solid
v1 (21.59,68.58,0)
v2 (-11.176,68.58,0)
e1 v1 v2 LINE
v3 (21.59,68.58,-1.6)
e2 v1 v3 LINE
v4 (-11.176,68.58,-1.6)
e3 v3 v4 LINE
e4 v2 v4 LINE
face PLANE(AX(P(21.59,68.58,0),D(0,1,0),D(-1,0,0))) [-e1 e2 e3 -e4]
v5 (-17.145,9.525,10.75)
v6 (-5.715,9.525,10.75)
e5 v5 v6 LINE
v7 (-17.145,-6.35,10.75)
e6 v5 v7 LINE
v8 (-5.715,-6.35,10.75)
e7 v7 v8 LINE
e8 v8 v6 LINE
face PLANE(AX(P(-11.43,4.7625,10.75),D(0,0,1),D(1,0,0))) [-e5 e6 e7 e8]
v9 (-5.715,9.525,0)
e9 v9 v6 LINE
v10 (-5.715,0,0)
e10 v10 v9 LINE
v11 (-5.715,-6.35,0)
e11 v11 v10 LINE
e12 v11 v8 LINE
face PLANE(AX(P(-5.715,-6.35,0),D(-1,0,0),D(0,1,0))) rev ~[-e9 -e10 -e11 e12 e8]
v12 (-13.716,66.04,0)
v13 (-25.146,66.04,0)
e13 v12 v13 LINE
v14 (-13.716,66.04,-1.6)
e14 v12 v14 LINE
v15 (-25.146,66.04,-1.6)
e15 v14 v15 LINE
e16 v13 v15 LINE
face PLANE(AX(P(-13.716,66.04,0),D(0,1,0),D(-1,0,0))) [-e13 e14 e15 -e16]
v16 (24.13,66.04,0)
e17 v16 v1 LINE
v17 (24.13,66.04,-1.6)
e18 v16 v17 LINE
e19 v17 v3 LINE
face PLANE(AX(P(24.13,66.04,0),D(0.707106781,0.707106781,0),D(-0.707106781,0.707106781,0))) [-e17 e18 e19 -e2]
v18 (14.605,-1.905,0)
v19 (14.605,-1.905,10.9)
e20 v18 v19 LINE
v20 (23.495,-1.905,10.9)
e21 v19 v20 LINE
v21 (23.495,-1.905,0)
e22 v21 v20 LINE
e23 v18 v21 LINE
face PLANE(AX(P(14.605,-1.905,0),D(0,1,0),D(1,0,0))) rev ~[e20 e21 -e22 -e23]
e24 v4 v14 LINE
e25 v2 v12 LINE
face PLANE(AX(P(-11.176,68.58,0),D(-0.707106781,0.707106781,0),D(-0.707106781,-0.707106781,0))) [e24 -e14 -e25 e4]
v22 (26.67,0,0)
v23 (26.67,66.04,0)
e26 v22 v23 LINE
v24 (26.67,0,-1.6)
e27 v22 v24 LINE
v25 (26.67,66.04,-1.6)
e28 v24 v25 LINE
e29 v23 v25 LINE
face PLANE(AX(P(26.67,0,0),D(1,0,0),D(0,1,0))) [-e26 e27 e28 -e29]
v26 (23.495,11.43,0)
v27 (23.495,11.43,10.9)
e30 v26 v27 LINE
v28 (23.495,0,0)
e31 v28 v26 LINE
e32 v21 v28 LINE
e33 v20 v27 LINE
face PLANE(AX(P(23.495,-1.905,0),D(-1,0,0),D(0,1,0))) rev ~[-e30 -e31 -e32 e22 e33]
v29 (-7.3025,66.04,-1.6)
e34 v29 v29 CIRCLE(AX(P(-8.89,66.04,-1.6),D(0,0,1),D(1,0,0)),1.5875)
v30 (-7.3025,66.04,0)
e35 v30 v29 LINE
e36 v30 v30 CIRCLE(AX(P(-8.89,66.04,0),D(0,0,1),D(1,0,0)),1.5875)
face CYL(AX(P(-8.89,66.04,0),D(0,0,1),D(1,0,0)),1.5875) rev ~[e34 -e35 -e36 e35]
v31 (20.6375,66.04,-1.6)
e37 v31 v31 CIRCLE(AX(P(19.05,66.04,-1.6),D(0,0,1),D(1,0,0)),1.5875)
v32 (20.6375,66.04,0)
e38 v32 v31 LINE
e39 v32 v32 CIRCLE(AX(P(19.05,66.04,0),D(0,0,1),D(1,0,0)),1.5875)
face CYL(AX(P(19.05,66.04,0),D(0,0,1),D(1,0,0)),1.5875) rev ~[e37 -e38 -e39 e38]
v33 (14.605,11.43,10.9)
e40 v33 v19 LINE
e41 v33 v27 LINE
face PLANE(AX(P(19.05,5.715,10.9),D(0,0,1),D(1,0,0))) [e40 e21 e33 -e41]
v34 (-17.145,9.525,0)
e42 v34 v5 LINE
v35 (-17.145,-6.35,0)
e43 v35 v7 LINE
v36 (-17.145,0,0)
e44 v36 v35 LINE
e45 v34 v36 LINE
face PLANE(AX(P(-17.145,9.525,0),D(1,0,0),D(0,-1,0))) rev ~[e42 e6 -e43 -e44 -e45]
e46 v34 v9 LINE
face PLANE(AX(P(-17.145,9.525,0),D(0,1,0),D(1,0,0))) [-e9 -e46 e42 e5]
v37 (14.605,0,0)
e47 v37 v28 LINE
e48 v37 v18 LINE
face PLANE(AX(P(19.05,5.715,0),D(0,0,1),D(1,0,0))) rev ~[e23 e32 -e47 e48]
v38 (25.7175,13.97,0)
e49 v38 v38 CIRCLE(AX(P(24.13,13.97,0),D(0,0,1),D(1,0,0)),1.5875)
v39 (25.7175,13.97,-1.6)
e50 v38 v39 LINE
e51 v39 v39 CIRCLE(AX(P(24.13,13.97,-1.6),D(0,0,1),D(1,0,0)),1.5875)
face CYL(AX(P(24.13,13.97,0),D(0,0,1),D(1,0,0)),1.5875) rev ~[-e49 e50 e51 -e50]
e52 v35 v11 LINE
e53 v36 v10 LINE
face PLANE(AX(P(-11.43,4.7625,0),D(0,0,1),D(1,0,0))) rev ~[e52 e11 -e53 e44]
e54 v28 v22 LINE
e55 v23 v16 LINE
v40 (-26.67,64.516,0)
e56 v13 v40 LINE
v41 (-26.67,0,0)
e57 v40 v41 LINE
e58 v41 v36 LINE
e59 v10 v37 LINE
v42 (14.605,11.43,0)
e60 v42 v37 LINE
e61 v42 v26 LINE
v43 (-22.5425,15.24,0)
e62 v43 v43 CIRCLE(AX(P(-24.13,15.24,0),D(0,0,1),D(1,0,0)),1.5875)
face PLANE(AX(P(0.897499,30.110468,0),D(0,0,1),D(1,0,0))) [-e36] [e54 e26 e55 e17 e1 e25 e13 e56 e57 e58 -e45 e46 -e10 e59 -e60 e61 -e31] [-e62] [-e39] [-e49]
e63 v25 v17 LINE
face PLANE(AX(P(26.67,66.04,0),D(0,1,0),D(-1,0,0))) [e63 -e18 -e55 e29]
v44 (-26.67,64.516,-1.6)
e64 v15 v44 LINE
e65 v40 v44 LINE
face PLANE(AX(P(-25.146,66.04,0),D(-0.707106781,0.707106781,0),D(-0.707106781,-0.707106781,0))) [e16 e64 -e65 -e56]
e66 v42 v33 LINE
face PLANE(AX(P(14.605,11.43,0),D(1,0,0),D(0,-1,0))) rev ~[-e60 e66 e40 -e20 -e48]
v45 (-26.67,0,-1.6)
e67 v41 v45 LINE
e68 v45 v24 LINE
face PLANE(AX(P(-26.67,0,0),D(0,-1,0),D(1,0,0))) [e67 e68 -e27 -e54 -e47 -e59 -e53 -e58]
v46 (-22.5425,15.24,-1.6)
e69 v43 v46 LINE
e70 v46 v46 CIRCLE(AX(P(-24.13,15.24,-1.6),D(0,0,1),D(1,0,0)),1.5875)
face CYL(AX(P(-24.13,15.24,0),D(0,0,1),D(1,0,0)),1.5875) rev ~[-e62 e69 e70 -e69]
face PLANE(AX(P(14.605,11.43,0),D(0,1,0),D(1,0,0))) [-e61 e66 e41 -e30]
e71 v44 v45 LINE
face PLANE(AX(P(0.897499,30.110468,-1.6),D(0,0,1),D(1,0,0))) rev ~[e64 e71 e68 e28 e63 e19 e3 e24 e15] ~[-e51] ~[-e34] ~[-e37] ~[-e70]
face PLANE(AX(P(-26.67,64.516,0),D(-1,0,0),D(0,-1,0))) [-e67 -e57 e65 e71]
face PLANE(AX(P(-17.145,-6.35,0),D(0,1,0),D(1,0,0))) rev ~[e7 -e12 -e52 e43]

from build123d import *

# Parameters (mm, degrees)
F0_R     = 1.5875
F0_W     = 8.89
F0_H     = 11.43
F0_W_2   = 11.43
F0_H_2   = 9.525
F1_DEPTH = 1.6
F0_H_3   = 1.905
F2_DEPTH = 10.9
F0_H_4   = 6.35
F3_DEPTH = 10.75


with BuildPart() as f1:
    # F0 (on Top) → F1 (new body)
    with BuildSketch(Plane.XY):
        Polygon((23.495, 0), (26.67, 0), (26.67, 66.04), (24.13, 66.04), (21.59, 68.58), (-11.176, 68.58), (-13.716, 66.04), (-25.146, 66.04), (-26.67, 64.516), (-26.67, 0), (-17.145, 0), (-17.145, 9.525), (-5.715, 9.525), (-5.715, 0), (14.605, 0), (14.605, 11.43), (23.495, 11.43), align=None)
        with Locations((-24.13, 15.24)):
            Circle(F0_R, mode=Mode.SUBTRACT)
        with Locations((24.13, 13.97)):
            Circle(F0_R, mode=Mode.SUBTRACT)
        with Locations((-8.89, 66.04)):
            Circle(F0_R, mode=Mode.SUBTRACT)
        with Locations((19.05, 66.04)):
            Circle(F0_R, mode=Mode.SUBTRACT)
        with Locations((19.05, 5.715)):
            Rectangle(F0_W, F0_H)
        with Locations((-11.43, 4.7625)):
            Rectangle(F0_W_2, F0_H_2)
    extrude(amount=-F1_DEPTH)

    # F0 (on Top) → F2 (join)
    with BuildSketch(Plane.XY):
        with Locations((19.05, 5.715)):
            Rectangle(F0_W, F0_H)
        with Locations((19.05, -0.9525)):
            Rectangle(F0_W, F0_H_3)
    extrude(amount=F2_DEPTH)

    # F0 (on Top) → F3 (join)
    with BuildSketch(Plane.XY):
        with Locations((-11.43, 4.7625)):
            Rectangle(F0_W_2, F0_H_2)
        with Locations((-11.43, -3.175)):
            Rectangle(F0_W_2, F0_H_4)
    extrude(amount=F3_DEPTH)


solid = f1.part
